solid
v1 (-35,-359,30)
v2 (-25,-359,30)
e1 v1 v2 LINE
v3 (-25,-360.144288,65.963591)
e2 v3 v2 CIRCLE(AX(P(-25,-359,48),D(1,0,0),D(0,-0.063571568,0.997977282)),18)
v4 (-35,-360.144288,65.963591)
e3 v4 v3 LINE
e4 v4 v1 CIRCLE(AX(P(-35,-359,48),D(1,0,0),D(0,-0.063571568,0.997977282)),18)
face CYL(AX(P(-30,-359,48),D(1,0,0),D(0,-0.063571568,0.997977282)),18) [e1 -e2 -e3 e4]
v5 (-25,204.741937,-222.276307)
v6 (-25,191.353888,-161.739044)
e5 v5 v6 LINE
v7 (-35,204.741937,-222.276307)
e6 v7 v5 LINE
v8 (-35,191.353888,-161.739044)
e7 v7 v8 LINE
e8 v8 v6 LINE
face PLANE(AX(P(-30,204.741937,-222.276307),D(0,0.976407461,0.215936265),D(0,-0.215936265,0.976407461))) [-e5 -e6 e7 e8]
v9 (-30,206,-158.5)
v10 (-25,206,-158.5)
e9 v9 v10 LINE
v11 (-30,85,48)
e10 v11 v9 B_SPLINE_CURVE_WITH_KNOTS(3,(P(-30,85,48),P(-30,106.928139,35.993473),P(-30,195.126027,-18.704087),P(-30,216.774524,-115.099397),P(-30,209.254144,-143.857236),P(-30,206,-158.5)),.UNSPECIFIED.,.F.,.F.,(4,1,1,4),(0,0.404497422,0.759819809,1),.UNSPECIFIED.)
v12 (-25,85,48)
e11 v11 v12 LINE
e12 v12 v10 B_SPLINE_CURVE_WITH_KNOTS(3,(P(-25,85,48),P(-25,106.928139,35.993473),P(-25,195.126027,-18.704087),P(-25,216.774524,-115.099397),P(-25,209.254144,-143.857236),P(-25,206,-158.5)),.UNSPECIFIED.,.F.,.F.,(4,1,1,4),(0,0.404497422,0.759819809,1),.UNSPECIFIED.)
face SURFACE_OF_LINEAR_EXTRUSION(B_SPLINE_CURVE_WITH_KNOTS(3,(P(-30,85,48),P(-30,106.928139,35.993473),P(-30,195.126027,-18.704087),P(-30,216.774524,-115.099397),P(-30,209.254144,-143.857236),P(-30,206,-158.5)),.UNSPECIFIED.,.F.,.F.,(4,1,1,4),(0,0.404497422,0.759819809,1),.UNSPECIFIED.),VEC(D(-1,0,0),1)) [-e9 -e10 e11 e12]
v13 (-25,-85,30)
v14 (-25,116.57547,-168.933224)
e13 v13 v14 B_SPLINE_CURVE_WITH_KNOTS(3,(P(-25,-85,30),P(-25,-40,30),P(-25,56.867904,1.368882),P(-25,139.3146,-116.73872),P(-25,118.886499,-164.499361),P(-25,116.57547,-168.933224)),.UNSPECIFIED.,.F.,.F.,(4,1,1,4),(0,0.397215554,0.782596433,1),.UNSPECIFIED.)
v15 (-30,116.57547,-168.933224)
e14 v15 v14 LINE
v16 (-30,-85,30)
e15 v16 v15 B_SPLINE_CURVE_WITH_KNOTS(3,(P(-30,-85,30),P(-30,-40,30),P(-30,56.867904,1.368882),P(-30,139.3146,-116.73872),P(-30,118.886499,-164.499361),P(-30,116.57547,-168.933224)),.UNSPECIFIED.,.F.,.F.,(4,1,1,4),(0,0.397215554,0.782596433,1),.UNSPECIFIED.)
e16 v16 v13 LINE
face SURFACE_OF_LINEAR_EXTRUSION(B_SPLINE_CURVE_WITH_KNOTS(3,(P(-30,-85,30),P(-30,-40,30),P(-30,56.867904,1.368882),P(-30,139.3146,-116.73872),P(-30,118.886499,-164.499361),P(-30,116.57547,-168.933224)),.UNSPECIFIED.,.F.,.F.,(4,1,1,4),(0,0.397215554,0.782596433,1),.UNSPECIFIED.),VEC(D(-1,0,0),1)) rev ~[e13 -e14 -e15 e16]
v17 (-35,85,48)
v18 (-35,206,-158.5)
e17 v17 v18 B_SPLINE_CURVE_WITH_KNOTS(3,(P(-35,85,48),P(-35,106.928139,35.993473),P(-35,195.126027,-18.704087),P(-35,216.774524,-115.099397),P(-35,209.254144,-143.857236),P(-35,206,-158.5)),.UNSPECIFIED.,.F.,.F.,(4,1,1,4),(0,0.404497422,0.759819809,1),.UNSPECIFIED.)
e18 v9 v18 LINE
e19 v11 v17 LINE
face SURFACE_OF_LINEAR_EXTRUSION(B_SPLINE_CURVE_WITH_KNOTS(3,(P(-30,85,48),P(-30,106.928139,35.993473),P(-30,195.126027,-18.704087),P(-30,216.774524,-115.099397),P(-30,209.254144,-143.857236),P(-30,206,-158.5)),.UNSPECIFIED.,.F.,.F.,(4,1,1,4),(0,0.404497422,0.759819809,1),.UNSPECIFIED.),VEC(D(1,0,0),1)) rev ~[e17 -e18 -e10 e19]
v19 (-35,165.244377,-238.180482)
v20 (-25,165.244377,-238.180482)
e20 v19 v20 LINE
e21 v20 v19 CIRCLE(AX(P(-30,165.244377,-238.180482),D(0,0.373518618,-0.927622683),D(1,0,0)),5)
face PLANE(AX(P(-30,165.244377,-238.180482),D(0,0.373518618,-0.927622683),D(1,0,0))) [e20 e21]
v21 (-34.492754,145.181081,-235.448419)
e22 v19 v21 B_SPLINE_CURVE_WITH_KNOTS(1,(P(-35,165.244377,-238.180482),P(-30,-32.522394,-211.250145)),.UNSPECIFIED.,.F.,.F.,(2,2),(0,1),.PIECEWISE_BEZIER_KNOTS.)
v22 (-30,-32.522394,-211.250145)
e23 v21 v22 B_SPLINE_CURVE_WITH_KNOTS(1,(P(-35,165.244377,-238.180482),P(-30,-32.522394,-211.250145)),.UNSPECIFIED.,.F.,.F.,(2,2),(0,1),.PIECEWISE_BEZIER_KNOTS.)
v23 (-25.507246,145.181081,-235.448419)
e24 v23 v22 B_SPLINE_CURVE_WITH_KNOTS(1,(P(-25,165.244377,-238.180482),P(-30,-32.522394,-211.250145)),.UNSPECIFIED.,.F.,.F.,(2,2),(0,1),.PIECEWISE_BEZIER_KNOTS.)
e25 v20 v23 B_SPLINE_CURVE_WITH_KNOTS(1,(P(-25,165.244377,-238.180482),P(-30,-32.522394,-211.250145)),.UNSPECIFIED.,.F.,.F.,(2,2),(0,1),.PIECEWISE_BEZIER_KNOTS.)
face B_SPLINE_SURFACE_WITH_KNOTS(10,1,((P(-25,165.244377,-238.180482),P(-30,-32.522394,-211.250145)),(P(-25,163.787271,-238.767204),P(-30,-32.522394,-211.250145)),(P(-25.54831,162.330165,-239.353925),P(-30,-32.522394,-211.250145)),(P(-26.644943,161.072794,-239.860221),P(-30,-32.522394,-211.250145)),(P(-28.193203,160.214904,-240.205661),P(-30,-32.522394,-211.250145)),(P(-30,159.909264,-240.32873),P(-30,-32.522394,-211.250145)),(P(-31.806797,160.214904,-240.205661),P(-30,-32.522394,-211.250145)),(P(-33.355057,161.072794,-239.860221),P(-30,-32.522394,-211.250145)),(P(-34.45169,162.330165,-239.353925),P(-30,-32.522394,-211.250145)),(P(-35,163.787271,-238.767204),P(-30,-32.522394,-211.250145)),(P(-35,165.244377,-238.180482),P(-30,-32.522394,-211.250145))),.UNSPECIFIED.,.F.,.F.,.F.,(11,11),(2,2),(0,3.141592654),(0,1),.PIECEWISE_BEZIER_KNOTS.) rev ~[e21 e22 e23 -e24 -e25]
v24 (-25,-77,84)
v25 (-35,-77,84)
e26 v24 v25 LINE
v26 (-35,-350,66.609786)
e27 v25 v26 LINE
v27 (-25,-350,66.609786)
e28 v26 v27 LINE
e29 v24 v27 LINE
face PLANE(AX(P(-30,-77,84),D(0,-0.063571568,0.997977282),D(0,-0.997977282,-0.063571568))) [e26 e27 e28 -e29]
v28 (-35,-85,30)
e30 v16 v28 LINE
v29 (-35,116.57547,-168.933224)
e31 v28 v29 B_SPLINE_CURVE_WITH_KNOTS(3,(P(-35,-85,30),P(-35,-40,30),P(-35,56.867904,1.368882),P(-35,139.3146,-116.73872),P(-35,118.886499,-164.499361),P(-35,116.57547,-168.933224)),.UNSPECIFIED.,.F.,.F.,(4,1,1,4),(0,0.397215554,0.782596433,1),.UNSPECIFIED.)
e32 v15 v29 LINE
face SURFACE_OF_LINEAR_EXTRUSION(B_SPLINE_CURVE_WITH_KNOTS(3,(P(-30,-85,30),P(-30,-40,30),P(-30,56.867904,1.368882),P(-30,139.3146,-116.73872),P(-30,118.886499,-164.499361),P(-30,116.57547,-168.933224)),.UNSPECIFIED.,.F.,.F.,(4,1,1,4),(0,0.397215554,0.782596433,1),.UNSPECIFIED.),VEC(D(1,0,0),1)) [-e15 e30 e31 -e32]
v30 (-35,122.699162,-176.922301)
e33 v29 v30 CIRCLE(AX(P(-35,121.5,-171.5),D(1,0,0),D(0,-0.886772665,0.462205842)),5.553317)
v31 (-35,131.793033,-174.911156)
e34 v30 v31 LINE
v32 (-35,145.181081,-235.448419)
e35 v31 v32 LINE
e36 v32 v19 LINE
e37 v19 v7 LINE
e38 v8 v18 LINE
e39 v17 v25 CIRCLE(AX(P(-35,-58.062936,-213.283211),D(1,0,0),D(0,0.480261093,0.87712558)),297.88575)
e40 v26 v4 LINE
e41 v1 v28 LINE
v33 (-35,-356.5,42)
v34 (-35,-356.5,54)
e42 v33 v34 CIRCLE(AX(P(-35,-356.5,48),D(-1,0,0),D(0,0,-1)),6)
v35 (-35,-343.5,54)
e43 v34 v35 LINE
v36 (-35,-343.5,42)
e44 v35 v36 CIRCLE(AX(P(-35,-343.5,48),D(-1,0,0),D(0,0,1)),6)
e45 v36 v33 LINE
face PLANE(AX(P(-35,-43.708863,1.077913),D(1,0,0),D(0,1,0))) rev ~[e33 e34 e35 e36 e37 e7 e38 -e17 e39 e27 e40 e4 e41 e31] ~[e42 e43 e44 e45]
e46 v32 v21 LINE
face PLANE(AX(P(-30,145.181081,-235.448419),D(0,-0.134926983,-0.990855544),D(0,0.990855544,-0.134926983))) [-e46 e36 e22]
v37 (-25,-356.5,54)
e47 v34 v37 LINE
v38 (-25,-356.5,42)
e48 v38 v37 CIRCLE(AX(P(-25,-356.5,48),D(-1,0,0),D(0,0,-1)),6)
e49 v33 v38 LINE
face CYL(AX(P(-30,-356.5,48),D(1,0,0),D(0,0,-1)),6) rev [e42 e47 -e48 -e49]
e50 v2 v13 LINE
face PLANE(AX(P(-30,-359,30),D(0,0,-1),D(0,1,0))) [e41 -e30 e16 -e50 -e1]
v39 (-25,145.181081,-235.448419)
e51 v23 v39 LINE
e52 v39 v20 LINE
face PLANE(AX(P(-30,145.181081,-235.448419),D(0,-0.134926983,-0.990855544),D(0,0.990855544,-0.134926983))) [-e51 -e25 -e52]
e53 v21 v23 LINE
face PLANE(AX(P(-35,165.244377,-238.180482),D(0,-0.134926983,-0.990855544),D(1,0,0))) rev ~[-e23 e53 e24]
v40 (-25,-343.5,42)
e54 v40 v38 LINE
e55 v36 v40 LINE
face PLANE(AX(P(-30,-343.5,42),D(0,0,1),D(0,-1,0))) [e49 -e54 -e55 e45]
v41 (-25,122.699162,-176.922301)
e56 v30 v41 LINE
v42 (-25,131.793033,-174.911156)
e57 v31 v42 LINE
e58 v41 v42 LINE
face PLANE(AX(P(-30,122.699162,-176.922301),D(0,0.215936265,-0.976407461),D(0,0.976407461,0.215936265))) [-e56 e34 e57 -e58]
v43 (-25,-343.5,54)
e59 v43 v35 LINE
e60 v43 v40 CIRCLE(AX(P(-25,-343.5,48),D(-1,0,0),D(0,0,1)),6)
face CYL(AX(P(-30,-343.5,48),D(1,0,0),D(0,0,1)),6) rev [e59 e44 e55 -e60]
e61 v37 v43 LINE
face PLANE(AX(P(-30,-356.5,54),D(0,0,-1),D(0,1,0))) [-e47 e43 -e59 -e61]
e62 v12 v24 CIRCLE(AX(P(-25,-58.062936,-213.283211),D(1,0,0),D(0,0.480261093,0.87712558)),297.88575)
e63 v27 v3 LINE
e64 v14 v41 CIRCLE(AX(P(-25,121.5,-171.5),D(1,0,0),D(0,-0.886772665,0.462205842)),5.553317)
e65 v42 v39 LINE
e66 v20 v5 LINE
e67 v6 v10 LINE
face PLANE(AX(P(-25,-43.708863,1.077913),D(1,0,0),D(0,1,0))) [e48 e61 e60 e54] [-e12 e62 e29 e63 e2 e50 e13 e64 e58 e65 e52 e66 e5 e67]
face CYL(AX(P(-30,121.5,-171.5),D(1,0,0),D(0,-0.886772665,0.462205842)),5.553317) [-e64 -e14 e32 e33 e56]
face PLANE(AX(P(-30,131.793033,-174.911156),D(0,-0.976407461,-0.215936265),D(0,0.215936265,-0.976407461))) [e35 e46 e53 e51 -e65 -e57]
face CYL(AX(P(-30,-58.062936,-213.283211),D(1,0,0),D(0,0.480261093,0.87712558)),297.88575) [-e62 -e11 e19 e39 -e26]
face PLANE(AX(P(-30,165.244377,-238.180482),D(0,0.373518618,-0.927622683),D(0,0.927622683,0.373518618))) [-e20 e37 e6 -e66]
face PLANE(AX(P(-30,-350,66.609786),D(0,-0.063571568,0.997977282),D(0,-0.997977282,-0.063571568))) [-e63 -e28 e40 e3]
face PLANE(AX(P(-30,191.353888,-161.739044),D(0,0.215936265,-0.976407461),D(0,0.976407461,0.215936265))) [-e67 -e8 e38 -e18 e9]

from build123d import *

# Parameters (mm, degrees)
F1_DEPTH = 5
F2_ANGLE = 90


with BuildPart() as f1:
    # F0 (on Front) → F1 (new body, symmetric)
    with BuildSketch(Plane.XZ):
        with BuildLine():
            Line((273, 36), (0, 18.6097864581))
            Line((0, 18.6097864581), (-10.1442882229, 17.9635910793))
            ThreePointArc((-10.1442882229, 17.9635910793), (-26.9908954672, -0.5724336526), (-9, -18))
            Line((-9, -18), (265, -18))
            add(Edge.make_bspline(
                [(265, -18), (310, -18), (406.8679036126, -46.6311179489), (489.31460039, -164.7387197182), (468.8864991068, -212.4993609156), (466.5754698987, -216.9332242423)],
                knots=[0, 0, 0, 0, 0.3972155542, 0.7825964326, 1, 1, 1, 1], degree=3))
            ThreePointArc((466.5754698987, -216.9332242423), (472.8213356215, -214.1061695722), (477.0533174327, -219.5))
            ThreePointArc((477.0533174327, -219.5), (475.8300498393, -222.9770681469), (472.6991622653, -224.9223006529))
            Line((472.6991622653, -224.9223006529), (481.7930329869, -222.9111561664))
            Line((481.7930329869, -222.9111561664), (541.3538880895, -209.7390439802))
            Line((541.3538880895, -209.7390439802), (556, -206.5))
            add(Edge.make_bspline(
                [(435, 0), (456.9281394948, -12.0065273205), (545.1260274002, -66.7040872695), (566.7745237898, -163.0993973046), (559.2541435751, -191.8572355891), (556, -206.5)],
                knots=[0, 0, 0, 0, 0.4044974221, 0.7598198092, 1, 1, 1, 1], degree=3))
            ThreePointArc((435, 0), (356.5575563064, 29.5090033787), (273, 36))
        make_face()
        with BuildLine():
            Line((6.5, -6), (-6.5, -6))
            ThreePointArc((-6.5, -6), (-12.5, 0), (-6.5, 6))
            Line((-6.5, 6), (0, 6))
            Line((0, 6), (6.5, 6))
            ThreePointArc((6.5, 6), (12.5, 0), (6.5, -6))
        make_face(mode=Mode.SUBTRACT)
        with BuildLine():
            ThreePointArc((477.0533174327, -219.5), (472.8213356215, -214.1061695722), (466.5754698987, -216.9332242423))
            ThreePointArc((466.5754698987, -216.9332242423), (467.0925146794, -222.8783735224), (472.6991622653, -224.9223006529))
            ThreePointArc((472.6991622653, -224.9223006529), (475.8300498393, -222.9770681469), (477.0533174327, -219.5))
        make_face()
        Polygon((554.741936541, -270.2763065435), (541.3538880895, -209.7390439802), (481.7930329869, -222.9111561664), (495.1810814384, -283.4484187297), (515.2443770491, -286.180481913), align=None)
    extrude(amount=F1_DEPTH, both=True)


with BuildPart() as f1_1:
    # F2: moved
    add(f1.part.rotate(Axis((0, 0, 97.4653586745), (0, 0, 1)), F2_ANGLE))

    # F4 (on face) → F5 section 0
    with BuildSketch(Plane(origin=(0, 171.0419719317, -424.7777897972), x_dir=(1, 0, 0), z_dir=(0, 0.3735186178, -0.9276226831)), mode=Mode.PRIVATE) as f5_s0:
        with BuildLine():
            Line((-5, -371.0586334279), (5, -371.0586334279))
            ThreePointArc((5, -371.0586334279), (0, -366.0586334279), (-5, -371.0586334279))
        make_face()
    loft([f5_s0.sketch, Vertex(0, 317.4776060293, -259.2501448204)])


with BuildPart() as f1_2:
    # F6: moved
    add(f1_1.part.moved(Location((0, -350, 48))))


with BuildPart() as f1_3:
    # F7: moved
    add(f1_2.part.moved(Location((-30, 0, 0))))


solid = f1_3.part
